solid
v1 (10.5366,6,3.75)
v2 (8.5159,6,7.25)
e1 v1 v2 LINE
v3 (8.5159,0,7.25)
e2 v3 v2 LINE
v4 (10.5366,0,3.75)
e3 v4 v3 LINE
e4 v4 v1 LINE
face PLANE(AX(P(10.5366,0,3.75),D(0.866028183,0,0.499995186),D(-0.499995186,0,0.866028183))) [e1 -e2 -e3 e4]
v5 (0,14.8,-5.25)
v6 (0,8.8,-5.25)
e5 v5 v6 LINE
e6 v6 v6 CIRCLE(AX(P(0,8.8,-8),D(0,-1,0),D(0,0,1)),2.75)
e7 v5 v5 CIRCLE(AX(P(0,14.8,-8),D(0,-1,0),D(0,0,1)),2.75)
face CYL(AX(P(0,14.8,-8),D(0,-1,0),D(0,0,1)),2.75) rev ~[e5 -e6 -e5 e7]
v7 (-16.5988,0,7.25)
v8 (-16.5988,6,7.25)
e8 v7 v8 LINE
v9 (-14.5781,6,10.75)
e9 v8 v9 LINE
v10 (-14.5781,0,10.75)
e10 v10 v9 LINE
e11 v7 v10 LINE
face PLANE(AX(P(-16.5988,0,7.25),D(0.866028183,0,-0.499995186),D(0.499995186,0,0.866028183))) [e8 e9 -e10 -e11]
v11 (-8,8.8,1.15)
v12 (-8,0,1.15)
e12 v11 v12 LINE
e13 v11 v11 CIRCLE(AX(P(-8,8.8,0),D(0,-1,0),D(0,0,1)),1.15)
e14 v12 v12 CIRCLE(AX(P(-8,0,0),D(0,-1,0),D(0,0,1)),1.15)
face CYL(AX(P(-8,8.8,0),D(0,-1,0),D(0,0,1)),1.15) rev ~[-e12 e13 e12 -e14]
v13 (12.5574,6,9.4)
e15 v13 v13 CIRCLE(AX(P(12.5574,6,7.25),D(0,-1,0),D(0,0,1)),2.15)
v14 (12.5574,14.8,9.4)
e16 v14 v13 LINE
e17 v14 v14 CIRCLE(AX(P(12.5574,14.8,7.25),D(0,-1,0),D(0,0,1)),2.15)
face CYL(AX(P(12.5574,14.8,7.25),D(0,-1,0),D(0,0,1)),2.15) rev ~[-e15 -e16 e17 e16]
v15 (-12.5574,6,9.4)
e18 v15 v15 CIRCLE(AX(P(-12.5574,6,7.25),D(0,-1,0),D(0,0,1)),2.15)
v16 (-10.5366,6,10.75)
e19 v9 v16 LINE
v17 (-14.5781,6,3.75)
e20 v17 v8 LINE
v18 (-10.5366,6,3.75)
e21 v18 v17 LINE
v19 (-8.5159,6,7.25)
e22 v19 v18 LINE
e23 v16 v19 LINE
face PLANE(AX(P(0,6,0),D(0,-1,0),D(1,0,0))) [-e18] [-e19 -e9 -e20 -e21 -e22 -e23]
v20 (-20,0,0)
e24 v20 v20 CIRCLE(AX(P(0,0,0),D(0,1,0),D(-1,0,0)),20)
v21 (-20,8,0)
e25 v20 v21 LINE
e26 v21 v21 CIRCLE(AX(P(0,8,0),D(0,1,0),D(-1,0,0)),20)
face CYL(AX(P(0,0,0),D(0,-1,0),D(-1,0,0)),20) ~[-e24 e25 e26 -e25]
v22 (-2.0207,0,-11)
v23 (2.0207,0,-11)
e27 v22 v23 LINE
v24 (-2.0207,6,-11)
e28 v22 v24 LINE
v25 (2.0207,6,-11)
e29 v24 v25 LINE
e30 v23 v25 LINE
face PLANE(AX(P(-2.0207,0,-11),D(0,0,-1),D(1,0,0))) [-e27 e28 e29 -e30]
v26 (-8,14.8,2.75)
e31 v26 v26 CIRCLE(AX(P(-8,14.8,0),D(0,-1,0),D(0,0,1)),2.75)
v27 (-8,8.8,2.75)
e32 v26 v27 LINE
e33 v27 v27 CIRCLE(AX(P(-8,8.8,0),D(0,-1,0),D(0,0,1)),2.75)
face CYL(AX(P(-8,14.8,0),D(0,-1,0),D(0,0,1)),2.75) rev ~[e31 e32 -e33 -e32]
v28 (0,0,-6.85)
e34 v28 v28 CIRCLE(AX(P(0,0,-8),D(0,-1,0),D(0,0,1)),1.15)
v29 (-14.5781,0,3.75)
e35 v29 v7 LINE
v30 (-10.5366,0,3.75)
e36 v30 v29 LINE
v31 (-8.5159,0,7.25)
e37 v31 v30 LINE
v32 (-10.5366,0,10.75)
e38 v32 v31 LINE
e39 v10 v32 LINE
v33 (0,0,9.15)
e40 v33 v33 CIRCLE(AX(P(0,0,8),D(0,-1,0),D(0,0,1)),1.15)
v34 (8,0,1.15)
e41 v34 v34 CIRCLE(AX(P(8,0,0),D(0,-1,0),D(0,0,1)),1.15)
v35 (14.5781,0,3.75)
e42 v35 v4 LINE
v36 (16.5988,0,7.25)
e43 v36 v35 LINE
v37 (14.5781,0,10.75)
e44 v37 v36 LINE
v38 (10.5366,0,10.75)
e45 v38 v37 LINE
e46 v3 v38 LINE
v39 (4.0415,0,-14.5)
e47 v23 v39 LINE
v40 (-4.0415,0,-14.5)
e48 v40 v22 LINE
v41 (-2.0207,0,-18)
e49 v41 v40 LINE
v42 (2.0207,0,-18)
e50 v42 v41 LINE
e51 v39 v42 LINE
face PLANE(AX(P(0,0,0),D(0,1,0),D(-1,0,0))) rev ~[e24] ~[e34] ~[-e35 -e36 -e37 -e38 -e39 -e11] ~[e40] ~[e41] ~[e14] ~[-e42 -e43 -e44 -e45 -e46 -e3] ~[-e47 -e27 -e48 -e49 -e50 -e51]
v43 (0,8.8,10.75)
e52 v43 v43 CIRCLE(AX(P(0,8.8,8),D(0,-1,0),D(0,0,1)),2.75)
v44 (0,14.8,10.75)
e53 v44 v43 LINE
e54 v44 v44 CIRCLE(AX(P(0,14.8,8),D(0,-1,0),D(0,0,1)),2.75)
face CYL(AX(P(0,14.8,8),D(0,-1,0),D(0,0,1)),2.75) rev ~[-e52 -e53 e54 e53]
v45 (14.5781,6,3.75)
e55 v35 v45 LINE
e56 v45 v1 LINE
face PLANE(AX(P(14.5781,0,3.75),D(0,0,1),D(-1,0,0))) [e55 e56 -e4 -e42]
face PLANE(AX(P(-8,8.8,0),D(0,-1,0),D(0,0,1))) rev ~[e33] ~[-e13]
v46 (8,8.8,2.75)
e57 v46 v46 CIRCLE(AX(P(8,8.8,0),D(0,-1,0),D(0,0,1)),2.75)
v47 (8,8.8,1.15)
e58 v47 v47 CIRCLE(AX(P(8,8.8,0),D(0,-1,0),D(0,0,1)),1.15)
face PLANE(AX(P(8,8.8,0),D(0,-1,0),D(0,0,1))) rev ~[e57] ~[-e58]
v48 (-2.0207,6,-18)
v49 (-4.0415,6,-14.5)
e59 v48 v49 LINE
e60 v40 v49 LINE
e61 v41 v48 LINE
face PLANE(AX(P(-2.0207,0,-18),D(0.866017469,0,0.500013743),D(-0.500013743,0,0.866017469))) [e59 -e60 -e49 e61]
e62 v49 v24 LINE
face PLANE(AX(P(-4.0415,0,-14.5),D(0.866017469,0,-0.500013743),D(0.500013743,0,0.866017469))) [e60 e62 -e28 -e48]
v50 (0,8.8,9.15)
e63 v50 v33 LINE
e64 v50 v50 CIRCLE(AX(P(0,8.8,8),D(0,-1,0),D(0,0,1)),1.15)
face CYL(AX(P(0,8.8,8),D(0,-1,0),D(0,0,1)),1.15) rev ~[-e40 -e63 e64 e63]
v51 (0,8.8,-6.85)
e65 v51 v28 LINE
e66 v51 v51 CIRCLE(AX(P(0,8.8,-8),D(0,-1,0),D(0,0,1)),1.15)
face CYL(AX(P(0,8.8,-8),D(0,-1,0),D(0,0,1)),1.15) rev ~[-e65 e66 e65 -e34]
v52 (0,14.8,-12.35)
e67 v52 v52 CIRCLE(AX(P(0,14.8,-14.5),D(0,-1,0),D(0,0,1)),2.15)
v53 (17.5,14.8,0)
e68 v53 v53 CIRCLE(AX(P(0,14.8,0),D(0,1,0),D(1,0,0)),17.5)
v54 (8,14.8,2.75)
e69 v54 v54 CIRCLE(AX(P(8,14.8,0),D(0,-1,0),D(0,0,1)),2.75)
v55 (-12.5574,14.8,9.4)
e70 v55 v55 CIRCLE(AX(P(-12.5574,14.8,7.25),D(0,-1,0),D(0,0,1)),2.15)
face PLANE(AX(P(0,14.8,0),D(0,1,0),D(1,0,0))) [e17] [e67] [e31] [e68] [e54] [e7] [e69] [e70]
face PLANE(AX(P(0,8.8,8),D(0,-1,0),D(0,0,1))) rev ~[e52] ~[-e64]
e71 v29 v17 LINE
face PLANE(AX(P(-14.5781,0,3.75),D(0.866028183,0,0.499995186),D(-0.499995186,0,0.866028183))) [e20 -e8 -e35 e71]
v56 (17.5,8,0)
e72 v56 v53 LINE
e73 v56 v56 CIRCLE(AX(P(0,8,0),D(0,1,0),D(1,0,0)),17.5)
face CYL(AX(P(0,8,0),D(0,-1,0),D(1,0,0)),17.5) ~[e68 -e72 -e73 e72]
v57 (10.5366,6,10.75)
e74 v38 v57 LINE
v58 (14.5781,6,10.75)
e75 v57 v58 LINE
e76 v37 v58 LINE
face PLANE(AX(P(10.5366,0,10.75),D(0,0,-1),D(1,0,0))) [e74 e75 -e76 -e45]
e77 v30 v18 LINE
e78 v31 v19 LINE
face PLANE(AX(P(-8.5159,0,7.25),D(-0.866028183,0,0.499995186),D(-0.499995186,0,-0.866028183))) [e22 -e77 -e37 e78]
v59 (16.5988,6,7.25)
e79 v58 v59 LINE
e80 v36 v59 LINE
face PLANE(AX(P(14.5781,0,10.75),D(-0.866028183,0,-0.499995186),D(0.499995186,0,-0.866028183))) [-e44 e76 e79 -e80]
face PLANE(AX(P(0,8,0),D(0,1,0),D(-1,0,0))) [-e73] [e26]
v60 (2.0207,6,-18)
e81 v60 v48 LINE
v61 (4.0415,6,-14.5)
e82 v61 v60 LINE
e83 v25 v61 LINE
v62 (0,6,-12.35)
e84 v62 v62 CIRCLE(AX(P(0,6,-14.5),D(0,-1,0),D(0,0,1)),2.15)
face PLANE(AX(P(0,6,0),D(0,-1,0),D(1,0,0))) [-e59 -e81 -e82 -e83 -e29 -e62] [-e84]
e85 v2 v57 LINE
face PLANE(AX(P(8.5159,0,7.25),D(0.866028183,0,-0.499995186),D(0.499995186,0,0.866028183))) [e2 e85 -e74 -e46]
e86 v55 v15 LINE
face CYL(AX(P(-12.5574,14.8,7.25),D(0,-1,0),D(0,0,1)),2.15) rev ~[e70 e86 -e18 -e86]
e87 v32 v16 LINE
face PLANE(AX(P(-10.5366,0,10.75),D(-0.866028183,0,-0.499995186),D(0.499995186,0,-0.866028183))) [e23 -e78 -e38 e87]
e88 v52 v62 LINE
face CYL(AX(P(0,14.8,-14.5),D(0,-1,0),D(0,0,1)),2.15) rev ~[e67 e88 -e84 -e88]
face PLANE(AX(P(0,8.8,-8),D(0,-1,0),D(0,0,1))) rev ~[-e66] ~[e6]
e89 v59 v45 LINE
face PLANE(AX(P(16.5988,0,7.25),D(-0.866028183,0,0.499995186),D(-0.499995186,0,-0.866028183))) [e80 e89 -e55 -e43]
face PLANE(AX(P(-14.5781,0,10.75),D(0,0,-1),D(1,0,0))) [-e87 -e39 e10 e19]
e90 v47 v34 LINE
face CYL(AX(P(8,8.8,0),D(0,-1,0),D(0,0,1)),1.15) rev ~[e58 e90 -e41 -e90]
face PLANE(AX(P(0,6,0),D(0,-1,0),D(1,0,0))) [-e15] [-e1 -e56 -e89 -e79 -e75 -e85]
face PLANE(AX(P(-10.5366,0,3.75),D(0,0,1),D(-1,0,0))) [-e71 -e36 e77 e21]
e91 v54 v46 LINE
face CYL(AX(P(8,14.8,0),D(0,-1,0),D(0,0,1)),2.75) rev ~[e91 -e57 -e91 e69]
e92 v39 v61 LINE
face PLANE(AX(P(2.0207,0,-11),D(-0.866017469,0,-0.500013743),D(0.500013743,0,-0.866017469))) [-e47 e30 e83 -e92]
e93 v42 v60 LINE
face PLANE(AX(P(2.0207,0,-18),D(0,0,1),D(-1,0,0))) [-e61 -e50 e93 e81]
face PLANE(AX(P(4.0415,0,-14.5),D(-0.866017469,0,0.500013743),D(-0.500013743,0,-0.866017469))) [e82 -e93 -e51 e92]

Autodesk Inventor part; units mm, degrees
ref_plane "YZ Plane" through (0, 0, 0) normal (1, 0, 0) x (0, 1, 0)
ref_plane "XZ Plane" through (0, 0, 0) normal (0, 1, 0) x (-1, 0, 0)
ref_plane "XY Plane" through (0, 0, 0) normal (0, 0, 1) x (1, 0, 0)
sketch "Sketch1" plane through (0, 0, 0) normal (0, 1, 0) x (-1, 0, 0)
  circle A0 centre (0, 0) radius 8 construction
  circle A1 centre (8, 0) radius 1 construction
  circle A2 centre (0, -8) radius 1 construction
  circle A3 centre (-8, 0) radius 1 construction
  circle A4 centre (0, 8) radius 1 construction
  circle A5 centre (13, 0) radius 2 construction
  circle A6 centre (-6.5, 11.2583) radius 2 construction
  circle A7 centre (-6.5, -11.2583) radius 2 construction
  line L0 (13, 0) -> (0, 0)
  line L1 (0, 0) -> (0, -5.456)
  circle A8 centre (0, 0) radius 20
  dimension "d0" = 16
  dimension "d1" = 2
  dimension "d2" = 2
  dimension "d3" = 2
  dimension "d4" = 2
  dimension "d5" = 4
  dimension "d8" = 360
  dimension "d10" = 13
  dimension "d11" = 90
  dimension "d12" = 40
extrude "Extrusion1" add sketch "Sketch1" along normal blind 8
sketch "Sketch2" plane through (0, 8, 0) normal (0, 1, 0) x (1, 0, 0)
  circle A0 centre (0, 0) radius 17.5
  dimension "d15" = 35
extrude "Extrusion2" add sketch "Sketch2" along normal blind 6.8
sketch "Sketch3" plane through (0, 14.8, 0) normal (0, 1, 0) x (1, 0, 0)
  circle A0 centre (0, -8) radius 1 construction
  circle A1 centre (-8, 0) radius 1 construction
  circle A2 centre (0, 8) radius 1 construction
  circle A3 centre (8, 0) radius 1 construction
  point P0 (0, 0)
hole "Hole1" at (0, 14.8, -8) at (-8, 14.8, 0) at (0, 14.8, 8) at (8, 14.8, 0) direction (0, -1, 0) diameter 2.3 end through all counterbore diameter 5.5 counterbore depth 6
sketch "Sketch4" plane through (0, 14.8, 0) normal (0, 1, 0) x (1, 0, 0)
  circle A0 centre (0, 0) radius 14.5
  point P0 (0, 14.5)
  point P1 (-12.5574, -7.25)
  point P2 (12.5574, -7.25)
  dimension "d27" = 29
  dimension "d30" = 360
hole "Hole2" at (0, 14.8, -14.5) at (-12.5574, 14.8, 7.25) at (12.5574, 14.8, 7.25) direction (0, -1, 0) diameter 4.3 end through all
sketch "Sketch5" plane through (0, 0, 0) normal (0, -1, 0) x (1, 0, 0)
  circle A0 centre (-12.5574, 7.25) radius 2.15 construction
  circle A1 centre (12.5574, 7.25) radius 2.15 construction
  circle A2 centre (0, -14.5) radius 2.15 construction
  line L0 (4.0415, -14.5) -> (2.0207, -18)
  line L1 (2.0207, -18) -> (-2.0207, -18)
  line L2 (-2.0207, -18) -> (-4.0415, -14.5)
  line L3 (-4.0415, -14.5) -> (-2.0207, -11)
  line L4 (-2.0207, -11) -> (2.0207, -11)
  line L5 (2.0207, -11) -> (4.0415, -14.5)
  line L6 (14.5781, 10.75) -> (16.5988, 7.25)
  line L7 (10.5366, 10.75) -> (14.5781, 10.75)
  line L8 (8.5159, 7.25) -> (10.5366, 10.75)
  line L9 (10.5366, 3.75) -> (8.5159, 7.25)
  line L10 (14.5781, 3.75) -> (10.5366, 3.75)
  line L11 (16.5988, 7.25) -> (14.5781, 3.75)
  line L12 (-16.5988, 7.25) -> (-14.5781, 10.75)
  line L13 (-14.5781, 3.75) -> (-16.5988, 7.25)
  line L14 (-10.5366, 3.75) -> (-14.5781, 3.75)
  line L15 (-8.5159, 7.25) -> (-10.5366, 3.75)
  line L16 (-10.5366, 10.75) -> (-8.5159, 7.25)
  line L17 (-14.5781, 10.75) -> (-10.5366, 10.75)
  point P0 (0, 0)
  dimension "d39" = 7
  dimension "d42" = 360
extrude "Extrusion3" cut sketch "Sketch5" against normal blind 6
properties part number "Arm - slew column A"
